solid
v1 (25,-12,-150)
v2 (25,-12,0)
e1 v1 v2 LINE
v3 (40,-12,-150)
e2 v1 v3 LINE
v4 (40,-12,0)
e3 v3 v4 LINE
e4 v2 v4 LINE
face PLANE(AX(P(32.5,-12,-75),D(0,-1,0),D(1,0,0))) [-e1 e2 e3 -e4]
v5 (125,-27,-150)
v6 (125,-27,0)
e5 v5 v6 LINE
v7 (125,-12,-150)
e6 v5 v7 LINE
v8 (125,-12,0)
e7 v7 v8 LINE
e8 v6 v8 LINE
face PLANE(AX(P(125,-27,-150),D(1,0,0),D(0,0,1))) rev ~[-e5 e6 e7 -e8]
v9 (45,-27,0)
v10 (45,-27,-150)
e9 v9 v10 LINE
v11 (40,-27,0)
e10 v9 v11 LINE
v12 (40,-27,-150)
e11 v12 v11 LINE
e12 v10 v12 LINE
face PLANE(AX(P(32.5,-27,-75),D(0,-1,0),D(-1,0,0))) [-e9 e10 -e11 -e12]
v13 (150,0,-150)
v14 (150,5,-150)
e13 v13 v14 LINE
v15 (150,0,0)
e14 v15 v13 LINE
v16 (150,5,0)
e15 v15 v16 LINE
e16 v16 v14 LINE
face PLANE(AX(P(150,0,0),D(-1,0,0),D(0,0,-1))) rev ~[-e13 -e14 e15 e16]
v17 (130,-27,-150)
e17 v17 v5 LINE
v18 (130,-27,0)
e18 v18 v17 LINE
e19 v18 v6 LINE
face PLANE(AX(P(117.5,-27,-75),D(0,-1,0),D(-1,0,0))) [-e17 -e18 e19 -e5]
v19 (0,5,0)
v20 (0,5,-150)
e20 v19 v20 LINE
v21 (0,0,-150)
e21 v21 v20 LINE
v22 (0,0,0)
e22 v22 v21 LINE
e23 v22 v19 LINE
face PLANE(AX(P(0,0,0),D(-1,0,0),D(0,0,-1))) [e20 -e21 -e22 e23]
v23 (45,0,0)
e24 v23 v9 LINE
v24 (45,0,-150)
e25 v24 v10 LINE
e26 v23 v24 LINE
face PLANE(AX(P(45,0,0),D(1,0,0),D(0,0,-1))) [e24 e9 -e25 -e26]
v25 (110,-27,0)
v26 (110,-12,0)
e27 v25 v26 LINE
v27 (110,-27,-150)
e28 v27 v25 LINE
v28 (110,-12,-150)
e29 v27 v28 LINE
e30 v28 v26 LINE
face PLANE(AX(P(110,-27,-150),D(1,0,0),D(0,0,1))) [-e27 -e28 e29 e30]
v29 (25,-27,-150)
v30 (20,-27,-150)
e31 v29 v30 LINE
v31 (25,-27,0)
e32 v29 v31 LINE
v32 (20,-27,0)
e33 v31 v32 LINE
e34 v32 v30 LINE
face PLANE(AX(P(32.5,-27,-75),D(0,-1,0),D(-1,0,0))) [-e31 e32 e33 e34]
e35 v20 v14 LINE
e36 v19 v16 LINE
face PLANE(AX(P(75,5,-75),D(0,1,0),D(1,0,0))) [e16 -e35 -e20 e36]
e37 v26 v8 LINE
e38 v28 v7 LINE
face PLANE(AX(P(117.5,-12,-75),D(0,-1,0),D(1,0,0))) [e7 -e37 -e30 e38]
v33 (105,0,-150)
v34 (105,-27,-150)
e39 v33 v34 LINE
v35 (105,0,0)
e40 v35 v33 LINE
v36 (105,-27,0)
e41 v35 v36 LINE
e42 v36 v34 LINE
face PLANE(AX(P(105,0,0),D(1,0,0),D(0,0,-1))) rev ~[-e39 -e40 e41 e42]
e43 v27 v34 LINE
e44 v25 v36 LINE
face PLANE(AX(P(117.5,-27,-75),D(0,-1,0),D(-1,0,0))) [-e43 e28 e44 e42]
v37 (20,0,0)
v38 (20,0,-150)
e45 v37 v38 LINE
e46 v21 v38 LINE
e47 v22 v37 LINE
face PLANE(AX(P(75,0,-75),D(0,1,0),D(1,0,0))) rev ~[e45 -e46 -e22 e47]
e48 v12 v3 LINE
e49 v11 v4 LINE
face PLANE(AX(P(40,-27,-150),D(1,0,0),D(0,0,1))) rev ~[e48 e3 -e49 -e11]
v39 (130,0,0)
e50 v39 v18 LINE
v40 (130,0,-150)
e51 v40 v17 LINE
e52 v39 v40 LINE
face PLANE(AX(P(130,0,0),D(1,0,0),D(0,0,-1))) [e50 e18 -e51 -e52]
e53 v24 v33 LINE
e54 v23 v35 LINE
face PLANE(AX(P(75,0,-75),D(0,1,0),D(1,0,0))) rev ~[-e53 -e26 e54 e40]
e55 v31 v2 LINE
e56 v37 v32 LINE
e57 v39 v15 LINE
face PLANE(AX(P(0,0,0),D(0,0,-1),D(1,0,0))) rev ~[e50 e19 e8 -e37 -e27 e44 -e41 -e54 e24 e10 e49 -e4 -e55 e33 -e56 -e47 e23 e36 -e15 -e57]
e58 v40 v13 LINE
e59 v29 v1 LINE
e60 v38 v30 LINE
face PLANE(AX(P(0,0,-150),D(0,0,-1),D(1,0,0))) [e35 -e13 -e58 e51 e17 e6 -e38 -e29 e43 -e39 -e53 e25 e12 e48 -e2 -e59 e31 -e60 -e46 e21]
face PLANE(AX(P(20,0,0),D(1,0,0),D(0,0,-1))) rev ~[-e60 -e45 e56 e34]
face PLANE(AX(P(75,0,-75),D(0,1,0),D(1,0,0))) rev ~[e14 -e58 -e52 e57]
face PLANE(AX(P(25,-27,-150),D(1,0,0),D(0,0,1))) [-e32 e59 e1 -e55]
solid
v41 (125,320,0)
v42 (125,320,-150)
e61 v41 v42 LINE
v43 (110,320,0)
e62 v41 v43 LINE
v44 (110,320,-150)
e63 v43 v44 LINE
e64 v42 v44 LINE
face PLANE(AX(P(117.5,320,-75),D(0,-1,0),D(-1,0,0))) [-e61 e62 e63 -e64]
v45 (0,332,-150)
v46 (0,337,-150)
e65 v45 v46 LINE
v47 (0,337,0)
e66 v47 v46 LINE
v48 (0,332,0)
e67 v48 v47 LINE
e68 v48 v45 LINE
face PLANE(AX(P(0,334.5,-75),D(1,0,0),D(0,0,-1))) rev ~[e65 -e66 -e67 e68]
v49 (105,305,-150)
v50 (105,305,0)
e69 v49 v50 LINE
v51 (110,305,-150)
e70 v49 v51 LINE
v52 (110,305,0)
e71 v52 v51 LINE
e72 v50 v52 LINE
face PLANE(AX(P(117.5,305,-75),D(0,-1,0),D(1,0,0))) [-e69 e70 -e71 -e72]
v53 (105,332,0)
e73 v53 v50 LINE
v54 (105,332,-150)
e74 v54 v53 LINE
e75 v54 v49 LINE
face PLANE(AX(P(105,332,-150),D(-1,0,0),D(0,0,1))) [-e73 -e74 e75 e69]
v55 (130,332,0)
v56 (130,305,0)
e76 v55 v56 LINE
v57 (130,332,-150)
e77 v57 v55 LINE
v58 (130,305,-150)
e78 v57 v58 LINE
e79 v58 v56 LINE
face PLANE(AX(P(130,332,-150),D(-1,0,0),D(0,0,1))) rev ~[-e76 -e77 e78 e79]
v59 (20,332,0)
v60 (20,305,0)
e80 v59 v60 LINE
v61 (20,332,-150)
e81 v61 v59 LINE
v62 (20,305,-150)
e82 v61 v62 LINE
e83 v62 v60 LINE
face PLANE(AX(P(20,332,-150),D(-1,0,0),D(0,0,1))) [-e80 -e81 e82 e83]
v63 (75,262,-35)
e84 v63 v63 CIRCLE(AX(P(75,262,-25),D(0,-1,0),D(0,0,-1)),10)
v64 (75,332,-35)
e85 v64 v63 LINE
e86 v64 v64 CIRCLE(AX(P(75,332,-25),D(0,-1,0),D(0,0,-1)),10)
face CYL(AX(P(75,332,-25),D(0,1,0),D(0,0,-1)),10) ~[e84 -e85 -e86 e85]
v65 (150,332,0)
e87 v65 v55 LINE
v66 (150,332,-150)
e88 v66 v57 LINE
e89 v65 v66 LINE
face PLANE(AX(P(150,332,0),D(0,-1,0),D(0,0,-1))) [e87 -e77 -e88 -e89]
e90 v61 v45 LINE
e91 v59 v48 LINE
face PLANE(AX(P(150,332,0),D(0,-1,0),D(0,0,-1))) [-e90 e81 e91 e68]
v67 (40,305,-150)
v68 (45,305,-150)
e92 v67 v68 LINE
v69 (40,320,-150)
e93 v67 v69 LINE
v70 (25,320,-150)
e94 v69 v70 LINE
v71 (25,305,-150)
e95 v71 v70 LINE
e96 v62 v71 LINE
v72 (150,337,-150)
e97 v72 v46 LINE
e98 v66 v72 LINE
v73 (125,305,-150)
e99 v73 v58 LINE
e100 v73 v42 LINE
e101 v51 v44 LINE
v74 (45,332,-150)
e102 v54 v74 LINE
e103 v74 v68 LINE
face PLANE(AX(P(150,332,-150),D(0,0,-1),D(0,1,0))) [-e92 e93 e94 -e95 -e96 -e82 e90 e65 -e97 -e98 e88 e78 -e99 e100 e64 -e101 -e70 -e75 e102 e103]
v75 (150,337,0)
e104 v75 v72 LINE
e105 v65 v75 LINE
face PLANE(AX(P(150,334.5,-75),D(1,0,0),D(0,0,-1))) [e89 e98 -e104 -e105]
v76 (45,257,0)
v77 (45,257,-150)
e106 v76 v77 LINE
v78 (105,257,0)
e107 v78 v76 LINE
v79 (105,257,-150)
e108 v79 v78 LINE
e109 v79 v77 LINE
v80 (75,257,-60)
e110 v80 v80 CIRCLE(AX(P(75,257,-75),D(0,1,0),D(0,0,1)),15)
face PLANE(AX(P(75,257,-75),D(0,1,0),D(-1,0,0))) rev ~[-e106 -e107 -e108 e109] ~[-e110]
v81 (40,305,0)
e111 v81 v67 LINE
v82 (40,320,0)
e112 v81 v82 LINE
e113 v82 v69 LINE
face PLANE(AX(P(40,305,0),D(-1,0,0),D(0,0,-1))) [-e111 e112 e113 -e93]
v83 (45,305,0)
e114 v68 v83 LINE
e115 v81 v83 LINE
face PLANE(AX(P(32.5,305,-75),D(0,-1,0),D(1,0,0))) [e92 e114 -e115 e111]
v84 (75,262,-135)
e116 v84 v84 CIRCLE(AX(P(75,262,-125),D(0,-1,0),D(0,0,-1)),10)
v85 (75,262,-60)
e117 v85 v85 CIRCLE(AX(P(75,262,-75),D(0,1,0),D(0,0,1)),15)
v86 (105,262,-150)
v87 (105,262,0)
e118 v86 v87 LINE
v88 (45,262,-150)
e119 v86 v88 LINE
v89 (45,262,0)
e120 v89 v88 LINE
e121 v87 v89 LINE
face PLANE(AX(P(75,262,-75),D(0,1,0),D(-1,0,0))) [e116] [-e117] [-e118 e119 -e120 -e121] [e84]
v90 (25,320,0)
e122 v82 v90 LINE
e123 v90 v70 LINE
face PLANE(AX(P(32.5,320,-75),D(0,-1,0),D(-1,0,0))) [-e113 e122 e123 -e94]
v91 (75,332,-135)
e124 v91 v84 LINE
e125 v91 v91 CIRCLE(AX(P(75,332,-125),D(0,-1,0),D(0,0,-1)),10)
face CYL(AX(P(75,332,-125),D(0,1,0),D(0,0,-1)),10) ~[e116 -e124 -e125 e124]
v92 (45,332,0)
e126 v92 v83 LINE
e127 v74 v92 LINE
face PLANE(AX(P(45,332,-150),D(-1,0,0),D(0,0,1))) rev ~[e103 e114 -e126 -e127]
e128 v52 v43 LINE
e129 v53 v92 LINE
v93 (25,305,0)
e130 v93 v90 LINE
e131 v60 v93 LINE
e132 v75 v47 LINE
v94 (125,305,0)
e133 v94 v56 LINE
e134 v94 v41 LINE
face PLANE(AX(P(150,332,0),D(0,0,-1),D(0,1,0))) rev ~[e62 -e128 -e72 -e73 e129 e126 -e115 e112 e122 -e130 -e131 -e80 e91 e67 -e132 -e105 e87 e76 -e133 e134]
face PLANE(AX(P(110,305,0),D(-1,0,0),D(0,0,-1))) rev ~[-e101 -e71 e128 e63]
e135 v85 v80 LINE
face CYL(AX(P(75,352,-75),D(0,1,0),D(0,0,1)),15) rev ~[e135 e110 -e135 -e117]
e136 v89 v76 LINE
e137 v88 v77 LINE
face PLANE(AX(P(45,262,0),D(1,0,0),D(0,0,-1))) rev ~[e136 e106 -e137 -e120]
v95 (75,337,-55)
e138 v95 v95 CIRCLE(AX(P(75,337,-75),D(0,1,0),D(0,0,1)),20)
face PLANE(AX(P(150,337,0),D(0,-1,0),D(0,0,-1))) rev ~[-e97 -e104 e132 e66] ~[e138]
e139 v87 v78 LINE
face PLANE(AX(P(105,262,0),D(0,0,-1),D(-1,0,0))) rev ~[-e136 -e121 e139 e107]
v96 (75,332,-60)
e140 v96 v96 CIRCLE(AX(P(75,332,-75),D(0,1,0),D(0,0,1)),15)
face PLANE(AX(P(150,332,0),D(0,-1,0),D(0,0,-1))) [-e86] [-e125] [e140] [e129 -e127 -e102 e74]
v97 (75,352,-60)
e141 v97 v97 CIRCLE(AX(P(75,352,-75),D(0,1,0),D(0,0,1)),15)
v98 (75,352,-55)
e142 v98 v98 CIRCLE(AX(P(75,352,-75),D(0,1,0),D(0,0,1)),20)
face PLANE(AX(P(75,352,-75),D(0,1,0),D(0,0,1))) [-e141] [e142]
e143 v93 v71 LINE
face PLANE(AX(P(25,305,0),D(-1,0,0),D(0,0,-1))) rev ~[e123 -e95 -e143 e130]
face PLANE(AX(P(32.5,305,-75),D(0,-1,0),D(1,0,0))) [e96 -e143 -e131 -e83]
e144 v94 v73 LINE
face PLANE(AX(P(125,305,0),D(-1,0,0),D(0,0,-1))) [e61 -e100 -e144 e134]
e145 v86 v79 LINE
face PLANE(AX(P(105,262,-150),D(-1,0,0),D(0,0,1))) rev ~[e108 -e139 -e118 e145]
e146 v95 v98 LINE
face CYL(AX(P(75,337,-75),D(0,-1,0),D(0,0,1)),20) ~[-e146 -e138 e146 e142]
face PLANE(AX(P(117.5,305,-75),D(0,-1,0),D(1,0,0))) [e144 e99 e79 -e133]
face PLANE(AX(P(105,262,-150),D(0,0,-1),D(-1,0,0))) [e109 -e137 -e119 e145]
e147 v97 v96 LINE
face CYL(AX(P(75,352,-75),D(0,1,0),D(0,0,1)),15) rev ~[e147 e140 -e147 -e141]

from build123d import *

# Parameters (mm, degrees)
SKETCH_1_W          = 150
SKETCH_1_H          = 150
EXTRUDE_1_DEPTH     = 5
SKETCH_2_W          = 25
SKETCH_2_H          = 150
EXTRUDE_2_DEPTH     = 27
SKETCH_3_W          = 15
SKETCH_3_H          = 150
CUT_EXTRUDE_1_DEPTH = 15
SKETCH_5_W          = 150
SKETCH_5_H          = 5
EXTRUDE_3_DEPTH     = 150
SKETCH_6_W          = 25
SKETCH_6_H          = 150
EXTRUDE_4_DEPTH     = 27
SKETCH_7_W          = 15
SKETCH_7_H          = 150
CUT_EXTRUDE_3_DEPTH = 15
SKETCH_8_R          = 20
EXTRUDE_5_DEPTH     = 15
SKETCH_9_R          = 10
EXTRUDE_6_DEPTH     = 70
EXTRUDE_7_DEPTH     = 5
SKETCH_12_R         = 15
CUT_EXTRUDE_4_DEPTH = 95


with BuildPart() as part:
    # 草图1 → 凸台-拉伸1 (new body)
    with BuildSketch(Plane(origin=(0, 0, 0), x_dir=(1, 0, 0), z_dir=(0, 1, 0))):
        with Locations((75, 75)):
            Rectangle(SKETCH_1_W, SKETCH_1_H)
    extrude(amount=EXTRUDE_1_DEPTH)

    # 草图2 → 凸台-拉伸2 (add)
    with BuildSketch(Plane(origin=(0, 0, 0), x_dir=(-1, 0, 0), z_dir=(0, -1, 0))):
        with Locations((-32.5, 75)):
            Rectangle(SKETCH_2_W, SKETCH_2_H)
        with Locations((-117.5, 75)):
            Rectangle(SKETCH_2_W, SKETCH_2_H)
    extrude(amount=EXTRUDE_2_DEPTH)

    # 草图3 → 切除-拉伸1 (cut)
    with BuildSketch(Plane.XZ.offset(27)):
        with Locations((32.5, -75)):
            Rectangle(SKETCH_3_W, SKETCH_3_H)
        with Locations((117.5, -75)):
            Rectangle(SKETCH_3_W, SKETCH_3_H)
    extrude(amount=-CUT_EXTRUDE_1_DEPTH, mode=Mode.SUBTRACT)


with BuildPart() as body_2:
    # 草图5 → 凸台-拉伸3 (new body)
    with BuildSketch(Plane(origin=(150, 0, 0), x_dir=(0, 0, -1), z_dir=(1, 0, 0))):
        with Locations((75, 334.5)):
            Rectangle(SKETCH_5_W, SKETCH_5_H)
    extrude(amount=-EXTRUDE_3_DEPTH)

    # 草图6 → 凸台-拉伸4 (add)
    with BuildSketch(Plane.XZ.offset(-332)):
        with Locations((117.5, -75)):
            Rectangle(SKETCH_6_W, SKETCH_6_H)
        with Locations((32.5, -75)):
            Rectangle(SKETCH_6_W, SKETCH_6_H)
    extrude(amount=EXTRUDE_4_DEPTH)

    # 草图7 → 切除-拉伸3 (cut)
    with BuildSketch(Plane(origin=(0, 305, 0), x_dir=(-1, 0, 0), z_dir=(0, -1, 0))):
        with Locations((-117.5, 75)):
            Rectangle(SKETCH_7_W, SKETCH_7_H)
        with Locations((-32.5, 75)):
            Rectangle(SKETCH_7_W, SKETCH_7_H)
    extrude(amount=-CUT_EXTRUDE_3_DEPTH, mode=Mode.SUBTRACT)

    # 草图8 → 凸台-拉伸5 (add)
    with BuildSketch(Plane(origin=(0, 337, 0), x_dir=(1, 0, 0), z_dir=(0, 1, 0))):
        with Locations(Location((75, 75, 0), (0, 0, 270))):
            Circle(SKETCH_8_R)
    extrude(amount=EXTRUDE_5_DEPTH)

    # 草图9 → 凸台-拉伸6 (add)
    with BuildSketch(Plane(origin=(0, 332, 0), x_dir=(-1, 0, 0), z_dir=(0, -1, 0))):
        with Locations(Location((-75, 25, 0), (0, 0, 90))):
            Circle(SKETCH_9_R)
        with Locations(Location((-75, 125, 0), (0, 0, 90))):
            Circle(SKETCH_9_R)
    extrude(amount=EXTRUDE_6_DEPTH)

    # 草图10 → 凸台-拉伸7 (add)
    with BuildSketch(Plane.XZ.offset(-262)):
        Polygon((75, 0), (105, 0), (105, -125), (105, -150), (45, -150), (45, -125), (45, 0), align=None)
    extrude(amount=EXTRUDE_7_DEPTH)

    # 草图12 → 切除-拉伸4 (cut)
    with BuildSketch(Plane(origin=(0, 352, 0), x_dir=(1, 0, 0), z_dir=(0, 1, 0))):
        with Locations(Location((75, 75, 0), (0, 0, 270))):
            Circle(SKETCH_12_R)
    extrude(amount=-CUT_EXTRUDE_4_DEPTH, mode=Mode.SUBTRACT)


solid = Compound([part.part, body_2.part])
